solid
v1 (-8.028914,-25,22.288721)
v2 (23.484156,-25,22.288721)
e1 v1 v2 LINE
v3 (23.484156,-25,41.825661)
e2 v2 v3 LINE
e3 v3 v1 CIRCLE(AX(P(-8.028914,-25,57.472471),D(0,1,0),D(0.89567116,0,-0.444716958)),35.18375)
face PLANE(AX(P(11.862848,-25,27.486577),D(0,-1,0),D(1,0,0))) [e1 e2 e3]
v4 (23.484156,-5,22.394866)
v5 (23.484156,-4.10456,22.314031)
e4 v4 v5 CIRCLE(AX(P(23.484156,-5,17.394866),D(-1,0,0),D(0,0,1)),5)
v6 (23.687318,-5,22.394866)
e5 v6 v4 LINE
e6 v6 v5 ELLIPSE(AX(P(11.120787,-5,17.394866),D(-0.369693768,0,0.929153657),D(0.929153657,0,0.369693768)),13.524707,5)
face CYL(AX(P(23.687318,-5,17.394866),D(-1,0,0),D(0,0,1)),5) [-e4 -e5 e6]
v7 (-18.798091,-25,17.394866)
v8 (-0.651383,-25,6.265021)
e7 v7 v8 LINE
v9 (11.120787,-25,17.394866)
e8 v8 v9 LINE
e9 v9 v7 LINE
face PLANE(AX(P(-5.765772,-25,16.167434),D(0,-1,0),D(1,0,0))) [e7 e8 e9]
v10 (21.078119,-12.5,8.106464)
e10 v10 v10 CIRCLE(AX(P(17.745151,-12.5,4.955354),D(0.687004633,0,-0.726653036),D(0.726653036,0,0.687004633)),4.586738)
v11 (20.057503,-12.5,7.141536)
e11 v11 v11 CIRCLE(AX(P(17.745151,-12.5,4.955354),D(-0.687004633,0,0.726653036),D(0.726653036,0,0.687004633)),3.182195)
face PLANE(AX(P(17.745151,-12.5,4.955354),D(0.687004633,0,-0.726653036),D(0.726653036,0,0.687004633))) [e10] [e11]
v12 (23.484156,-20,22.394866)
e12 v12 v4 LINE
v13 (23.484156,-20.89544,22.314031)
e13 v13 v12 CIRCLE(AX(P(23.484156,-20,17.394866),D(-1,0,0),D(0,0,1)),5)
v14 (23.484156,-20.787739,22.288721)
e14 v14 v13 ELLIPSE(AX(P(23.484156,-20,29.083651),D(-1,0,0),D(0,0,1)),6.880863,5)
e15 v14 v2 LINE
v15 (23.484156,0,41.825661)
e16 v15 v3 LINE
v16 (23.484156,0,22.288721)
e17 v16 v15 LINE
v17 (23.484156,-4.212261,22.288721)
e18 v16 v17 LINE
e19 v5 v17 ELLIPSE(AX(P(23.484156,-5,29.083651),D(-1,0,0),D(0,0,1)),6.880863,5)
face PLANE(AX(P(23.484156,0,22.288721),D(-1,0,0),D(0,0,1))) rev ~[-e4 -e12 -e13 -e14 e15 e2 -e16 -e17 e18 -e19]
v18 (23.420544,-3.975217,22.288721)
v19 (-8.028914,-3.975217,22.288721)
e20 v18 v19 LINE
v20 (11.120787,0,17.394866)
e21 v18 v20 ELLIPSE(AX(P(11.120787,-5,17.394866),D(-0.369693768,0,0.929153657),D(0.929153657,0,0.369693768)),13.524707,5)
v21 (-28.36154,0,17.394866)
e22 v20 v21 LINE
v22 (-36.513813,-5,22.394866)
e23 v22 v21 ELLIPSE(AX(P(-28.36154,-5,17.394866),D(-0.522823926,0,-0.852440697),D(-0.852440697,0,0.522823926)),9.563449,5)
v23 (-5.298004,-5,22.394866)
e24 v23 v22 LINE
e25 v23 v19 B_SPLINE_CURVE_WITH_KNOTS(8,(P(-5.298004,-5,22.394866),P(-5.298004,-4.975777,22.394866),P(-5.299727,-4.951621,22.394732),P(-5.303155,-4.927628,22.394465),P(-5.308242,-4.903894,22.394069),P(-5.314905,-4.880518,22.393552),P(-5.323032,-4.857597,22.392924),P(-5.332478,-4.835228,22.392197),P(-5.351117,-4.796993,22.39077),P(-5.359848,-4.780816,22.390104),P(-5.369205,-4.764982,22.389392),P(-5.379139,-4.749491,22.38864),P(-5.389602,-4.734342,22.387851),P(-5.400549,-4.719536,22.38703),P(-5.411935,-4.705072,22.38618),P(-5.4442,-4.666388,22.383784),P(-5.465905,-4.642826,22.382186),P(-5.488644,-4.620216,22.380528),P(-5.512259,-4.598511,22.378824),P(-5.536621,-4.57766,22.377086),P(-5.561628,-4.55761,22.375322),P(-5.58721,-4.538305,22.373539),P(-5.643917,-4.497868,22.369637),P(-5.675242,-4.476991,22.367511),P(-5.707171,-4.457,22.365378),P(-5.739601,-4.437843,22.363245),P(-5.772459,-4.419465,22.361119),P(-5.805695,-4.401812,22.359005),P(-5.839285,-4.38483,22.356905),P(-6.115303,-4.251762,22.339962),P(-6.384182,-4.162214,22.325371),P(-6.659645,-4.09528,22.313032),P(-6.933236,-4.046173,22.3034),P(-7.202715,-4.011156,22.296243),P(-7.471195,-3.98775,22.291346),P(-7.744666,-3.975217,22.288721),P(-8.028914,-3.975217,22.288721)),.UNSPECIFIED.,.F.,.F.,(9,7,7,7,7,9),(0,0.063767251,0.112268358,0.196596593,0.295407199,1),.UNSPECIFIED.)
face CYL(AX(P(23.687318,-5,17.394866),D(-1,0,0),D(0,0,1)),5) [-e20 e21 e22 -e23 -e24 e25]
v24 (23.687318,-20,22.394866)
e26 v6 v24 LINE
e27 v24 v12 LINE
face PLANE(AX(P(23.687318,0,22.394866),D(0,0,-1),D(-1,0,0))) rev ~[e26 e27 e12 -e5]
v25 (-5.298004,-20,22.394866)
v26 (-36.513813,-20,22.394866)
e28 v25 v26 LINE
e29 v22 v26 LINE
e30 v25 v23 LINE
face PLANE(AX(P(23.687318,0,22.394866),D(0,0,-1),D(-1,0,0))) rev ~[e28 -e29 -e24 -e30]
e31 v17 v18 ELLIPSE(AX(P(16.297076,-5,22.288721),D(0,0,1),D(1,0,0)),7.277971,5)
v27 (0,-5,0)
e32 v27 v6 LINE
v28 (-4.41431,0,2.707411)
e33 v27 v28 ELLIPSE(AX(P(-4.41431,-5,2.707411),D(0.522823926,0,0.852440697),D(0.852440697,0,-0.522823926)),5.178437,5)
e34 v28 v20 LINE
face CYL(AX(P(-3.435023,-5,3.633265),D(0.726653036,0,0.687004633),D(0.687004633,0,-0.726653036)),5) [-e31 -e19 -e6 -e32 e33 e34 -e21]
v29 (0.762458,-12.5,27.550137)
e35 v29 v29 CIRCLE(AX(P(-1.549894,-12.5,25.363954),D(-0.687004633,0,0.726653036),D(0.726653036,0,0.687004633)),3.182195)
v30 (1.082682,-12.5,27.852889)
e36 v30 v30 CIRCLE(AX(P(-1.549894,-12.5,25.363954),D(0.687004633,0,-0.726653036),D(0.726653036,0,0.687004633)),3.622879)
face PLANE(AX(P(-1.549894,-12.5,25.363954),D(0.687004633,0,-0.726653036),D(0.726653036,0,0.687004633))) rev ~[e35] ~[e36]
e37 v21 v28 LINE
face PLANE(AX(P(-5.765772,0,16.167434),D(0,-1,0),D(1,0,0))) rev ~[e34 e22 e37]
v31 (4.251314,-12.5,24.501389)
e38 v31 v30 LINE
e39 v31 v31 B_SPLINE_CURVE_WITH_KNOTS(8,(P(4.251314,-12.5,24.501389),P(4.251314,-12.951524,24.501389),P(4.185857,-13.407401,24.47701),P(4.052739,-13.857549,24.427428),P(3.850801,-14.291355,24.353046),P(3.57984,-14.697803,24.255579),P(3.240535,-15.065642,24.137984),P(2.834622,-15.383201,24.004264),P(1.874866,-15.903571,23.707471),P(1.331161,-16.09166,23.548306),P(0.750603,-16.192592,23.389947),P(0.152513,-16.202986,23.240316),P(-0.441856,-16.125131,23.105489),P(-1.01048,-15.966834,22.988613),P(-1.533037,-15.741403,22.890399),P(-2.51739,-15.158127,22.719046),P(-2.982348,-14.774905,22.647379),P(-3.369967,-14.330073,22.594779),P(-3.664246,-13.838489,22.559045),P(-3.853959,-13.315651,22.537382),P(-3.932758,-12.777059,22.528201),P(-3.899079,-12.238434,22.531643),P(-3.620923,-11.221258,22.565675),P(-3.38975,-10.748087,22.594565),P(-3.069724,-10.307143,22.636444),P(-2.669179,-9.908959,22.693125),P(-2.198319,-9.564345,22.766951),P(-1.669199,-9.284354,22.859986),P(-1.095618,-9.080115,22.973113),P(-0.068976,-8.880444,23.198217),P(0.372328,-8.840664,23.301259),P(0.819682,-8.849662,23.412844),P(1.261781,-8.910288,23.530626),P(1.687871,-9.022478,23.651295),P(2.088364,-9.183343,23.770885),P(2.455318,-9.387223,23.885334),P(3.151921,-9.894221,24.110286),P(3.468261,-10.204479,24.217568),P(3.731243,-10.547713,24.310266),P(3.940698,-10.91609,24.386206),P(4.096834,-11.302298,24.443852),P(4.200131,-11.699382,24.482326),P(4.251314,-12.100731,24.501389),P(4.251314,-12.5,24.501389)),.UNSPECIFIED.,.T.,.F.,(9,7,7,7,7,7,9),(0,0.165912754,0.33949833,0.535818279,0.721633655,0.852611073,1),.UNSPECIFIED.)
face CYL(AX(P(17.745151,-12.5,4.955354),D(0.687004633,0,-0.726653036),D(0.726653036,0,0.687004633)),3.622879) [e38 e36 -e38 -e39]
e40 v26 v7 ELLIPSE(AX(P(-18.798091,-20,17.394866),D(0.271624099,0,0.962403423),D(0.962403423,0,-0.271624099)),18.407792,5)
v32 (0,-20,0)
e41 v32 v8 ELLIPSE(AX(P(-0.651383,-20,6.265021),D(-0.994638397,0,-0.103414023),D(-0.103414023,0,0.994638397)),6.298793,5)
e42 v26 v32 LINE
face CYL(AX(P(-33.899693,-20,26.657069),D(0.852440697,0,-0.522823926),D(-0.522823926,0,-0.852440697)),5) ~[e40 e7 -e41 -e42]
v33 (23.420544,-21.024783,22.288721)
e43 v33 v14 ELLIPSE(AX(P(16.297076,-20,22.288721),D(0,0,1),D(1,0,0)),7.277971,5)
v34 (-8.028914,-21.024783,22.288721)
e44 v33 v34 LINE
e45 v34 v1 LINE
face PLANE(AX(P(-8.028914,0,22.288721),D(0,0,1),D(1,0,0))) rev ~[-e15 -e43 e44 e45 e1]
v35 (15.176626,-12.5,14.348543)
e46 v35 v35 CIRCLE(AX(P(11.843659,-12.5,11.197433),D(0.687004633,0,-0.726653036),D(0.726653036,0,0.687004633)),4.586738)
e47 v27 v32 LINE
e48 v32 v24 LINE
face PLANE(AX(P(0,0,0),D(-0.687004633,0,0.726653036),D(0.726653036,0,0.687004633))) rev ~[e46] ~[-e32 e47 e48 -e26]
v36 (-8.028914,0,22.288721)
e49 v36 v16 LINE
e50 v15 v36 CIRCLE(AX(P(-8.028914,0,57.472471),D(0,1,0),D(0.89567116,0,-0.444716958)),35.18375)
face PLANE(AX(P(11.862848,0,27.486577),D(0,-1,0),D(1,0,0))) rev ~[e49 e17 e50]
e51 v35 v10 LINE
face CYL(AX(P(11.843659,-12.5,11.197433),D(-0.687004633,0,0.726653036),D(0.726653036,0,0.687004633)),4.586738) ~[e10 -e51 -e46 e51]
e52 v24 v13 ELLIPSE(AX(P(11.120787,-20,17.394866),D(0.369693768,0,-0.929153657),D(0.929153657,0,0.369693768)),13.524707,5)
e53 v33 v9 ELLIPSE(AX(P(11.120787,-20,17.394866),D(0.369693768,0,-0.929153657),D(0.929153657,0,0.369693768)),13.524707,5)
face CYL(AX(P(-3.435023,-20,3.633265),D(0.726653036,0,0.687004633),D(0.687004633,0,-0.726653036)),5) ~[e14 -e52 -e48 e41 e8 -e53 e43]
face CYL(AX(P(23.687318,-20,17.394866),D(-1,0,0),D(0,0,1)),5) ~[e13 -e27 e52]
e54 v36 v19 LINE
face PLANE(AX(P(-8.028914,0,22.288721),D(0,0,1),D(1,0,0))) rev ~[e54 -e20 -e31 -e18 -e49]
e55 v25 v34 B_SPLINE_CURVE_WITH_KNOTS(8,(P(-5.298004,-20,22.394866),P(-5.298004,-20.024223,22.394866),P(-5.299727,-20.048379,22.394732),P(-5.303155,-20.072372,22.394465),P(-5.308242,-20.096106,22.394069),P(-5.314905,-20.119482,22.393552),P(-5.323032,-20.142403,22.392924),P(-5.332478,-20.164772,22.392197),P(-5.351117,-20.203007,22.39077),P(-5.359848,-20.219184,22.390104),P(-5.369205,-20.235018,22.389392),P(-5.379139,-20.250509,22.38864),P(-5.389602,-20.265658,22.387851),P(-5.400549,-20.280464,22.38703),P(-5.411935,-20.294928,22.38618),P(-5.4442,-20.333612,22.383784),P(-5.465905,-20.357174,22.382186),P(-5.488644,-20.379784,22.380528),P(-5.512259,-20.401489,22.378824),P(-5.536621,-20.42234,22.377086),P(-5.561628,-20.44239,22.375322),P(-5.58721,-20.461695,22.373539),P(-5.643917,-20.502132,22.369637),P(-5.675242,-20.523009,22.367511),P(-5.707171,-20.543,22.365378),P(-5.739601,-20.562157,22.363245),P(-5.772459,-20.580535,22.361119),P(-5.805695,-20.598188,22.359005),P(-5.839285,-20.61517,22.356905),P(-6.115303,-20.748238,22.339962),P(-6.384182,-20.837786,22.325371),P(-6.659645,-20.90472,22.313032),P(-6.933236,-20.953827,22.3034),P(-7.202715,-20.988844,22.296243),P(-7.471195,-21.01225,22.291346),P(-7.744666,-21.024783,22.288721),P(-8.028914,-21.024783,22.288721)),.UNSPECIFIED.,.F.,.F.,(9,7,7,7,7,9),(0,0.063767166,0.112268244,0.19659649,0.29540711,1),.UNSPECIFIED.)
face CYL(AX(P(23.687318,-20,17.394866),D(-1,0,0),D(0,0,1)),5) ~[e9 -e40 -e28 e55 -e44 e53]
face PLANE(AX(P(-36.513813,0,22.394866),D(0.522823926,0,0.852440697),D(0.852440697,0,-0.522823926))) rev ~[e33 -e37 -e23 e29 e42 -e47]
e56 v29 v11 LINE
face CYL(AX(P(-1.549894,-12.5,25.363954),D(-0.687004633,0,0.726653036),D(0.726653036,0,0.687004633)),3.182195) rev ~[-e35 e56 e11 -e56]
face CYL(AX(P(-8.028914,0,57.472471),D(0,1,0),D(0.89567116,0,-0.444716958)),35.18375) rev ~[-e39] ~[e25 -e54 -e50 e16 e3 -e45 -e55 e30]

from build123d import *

# Parameters (mm, degrees)
F1_DEPTH  = 25
F2_R      = 5
F4_DEPTH  = 25
F5_R      = 4.586738227
F6_DEPTH  = 8.5901785642
F7_R      = 3.6228791996
F8_DEPTH  = 28.0857570469
F9_R      = 3.1821948937
F10_DEPTH = 44.3071853369


with BuildPart() as f1:
    # F0 (on Front) → F1 (new body)
    with BuildSketch(Plane.XZ):
        Polygon((-36.51381284, 22.3948657513), (0, 0), (23.6873179674, 22.3948657513), align=None)
    extrude(amount=F1_DEPTH)

    # F2
    f2_edges = [f1.edges().sort_by_distance(p)[0] for p in [
        (11.843659, -25, 11.197433),
        (11.843659, 0, 11.197433),
        (-18.256906, -25, 11.197433),
        (-6.413247, 0, 22.394866),
        (-6.413247, -25, 22.394866),
    ]]
    fillet(f2_edges, radius=F2_R)

    # F3 (on Front) → F4 (join)
    with BuildSketch(Plane.XZ):
        with BuildLine():
            Line((-8.0289142206, 22.2887210548), (23.4841555357, 22.2887210548))
            Line((23.4841555357, 22.2887210548), (23.4841555357, 41.8256605239))
            ThreePointArc((23.4841555357, 41.8256605239), (10.5100013982, 27.5692125926), (-8.0289142206, 22.2887210548))
        make_face()
    extrude(amount=F4_DEPTH)

    # F5 (on face) → F6 (join)
    with BuildSketch(Plane(origin=(0, 0, 0), x_dir=(0.7266530358, 0, 0.6870046329), z_dir=(0.6870046329, 0, -0.7266530358))):
        with Locations((16.2989190171, 12.5)):
            Circle(F5_R)
    extrude(amount=F6_DEPTH)

    # F7 (on face) → F8 (join)
    with BuildSketch(Plane(origin=(5.9014924708, 0, -6.2420793316), x_dir=(0.7266530358, 0, 0.6870046329), z_dir=(0.6870046329, 0, -0.7266530358))):
        with Locations((16.2989190171, 12.5)):
            Circle(F7_R)
    extrude(amount=-F8_DEPTH)

    # F9 (on face) → F10 (cut)
    with BuildSketch(Plane(origin=(-13.3935527382, 0, 14.1665212888), x_dir=(0.7266530358, 0, 0.6870046329), z_dir=(-0.6870046329, 0, 0.7266530358))):
        with Locations((16.2989190171, -12.5)):
            Circle(F9_R)
    extrude(amount=-F10_DEPTH, mode=Mode.SUBTRACT)


solid = f1.part
